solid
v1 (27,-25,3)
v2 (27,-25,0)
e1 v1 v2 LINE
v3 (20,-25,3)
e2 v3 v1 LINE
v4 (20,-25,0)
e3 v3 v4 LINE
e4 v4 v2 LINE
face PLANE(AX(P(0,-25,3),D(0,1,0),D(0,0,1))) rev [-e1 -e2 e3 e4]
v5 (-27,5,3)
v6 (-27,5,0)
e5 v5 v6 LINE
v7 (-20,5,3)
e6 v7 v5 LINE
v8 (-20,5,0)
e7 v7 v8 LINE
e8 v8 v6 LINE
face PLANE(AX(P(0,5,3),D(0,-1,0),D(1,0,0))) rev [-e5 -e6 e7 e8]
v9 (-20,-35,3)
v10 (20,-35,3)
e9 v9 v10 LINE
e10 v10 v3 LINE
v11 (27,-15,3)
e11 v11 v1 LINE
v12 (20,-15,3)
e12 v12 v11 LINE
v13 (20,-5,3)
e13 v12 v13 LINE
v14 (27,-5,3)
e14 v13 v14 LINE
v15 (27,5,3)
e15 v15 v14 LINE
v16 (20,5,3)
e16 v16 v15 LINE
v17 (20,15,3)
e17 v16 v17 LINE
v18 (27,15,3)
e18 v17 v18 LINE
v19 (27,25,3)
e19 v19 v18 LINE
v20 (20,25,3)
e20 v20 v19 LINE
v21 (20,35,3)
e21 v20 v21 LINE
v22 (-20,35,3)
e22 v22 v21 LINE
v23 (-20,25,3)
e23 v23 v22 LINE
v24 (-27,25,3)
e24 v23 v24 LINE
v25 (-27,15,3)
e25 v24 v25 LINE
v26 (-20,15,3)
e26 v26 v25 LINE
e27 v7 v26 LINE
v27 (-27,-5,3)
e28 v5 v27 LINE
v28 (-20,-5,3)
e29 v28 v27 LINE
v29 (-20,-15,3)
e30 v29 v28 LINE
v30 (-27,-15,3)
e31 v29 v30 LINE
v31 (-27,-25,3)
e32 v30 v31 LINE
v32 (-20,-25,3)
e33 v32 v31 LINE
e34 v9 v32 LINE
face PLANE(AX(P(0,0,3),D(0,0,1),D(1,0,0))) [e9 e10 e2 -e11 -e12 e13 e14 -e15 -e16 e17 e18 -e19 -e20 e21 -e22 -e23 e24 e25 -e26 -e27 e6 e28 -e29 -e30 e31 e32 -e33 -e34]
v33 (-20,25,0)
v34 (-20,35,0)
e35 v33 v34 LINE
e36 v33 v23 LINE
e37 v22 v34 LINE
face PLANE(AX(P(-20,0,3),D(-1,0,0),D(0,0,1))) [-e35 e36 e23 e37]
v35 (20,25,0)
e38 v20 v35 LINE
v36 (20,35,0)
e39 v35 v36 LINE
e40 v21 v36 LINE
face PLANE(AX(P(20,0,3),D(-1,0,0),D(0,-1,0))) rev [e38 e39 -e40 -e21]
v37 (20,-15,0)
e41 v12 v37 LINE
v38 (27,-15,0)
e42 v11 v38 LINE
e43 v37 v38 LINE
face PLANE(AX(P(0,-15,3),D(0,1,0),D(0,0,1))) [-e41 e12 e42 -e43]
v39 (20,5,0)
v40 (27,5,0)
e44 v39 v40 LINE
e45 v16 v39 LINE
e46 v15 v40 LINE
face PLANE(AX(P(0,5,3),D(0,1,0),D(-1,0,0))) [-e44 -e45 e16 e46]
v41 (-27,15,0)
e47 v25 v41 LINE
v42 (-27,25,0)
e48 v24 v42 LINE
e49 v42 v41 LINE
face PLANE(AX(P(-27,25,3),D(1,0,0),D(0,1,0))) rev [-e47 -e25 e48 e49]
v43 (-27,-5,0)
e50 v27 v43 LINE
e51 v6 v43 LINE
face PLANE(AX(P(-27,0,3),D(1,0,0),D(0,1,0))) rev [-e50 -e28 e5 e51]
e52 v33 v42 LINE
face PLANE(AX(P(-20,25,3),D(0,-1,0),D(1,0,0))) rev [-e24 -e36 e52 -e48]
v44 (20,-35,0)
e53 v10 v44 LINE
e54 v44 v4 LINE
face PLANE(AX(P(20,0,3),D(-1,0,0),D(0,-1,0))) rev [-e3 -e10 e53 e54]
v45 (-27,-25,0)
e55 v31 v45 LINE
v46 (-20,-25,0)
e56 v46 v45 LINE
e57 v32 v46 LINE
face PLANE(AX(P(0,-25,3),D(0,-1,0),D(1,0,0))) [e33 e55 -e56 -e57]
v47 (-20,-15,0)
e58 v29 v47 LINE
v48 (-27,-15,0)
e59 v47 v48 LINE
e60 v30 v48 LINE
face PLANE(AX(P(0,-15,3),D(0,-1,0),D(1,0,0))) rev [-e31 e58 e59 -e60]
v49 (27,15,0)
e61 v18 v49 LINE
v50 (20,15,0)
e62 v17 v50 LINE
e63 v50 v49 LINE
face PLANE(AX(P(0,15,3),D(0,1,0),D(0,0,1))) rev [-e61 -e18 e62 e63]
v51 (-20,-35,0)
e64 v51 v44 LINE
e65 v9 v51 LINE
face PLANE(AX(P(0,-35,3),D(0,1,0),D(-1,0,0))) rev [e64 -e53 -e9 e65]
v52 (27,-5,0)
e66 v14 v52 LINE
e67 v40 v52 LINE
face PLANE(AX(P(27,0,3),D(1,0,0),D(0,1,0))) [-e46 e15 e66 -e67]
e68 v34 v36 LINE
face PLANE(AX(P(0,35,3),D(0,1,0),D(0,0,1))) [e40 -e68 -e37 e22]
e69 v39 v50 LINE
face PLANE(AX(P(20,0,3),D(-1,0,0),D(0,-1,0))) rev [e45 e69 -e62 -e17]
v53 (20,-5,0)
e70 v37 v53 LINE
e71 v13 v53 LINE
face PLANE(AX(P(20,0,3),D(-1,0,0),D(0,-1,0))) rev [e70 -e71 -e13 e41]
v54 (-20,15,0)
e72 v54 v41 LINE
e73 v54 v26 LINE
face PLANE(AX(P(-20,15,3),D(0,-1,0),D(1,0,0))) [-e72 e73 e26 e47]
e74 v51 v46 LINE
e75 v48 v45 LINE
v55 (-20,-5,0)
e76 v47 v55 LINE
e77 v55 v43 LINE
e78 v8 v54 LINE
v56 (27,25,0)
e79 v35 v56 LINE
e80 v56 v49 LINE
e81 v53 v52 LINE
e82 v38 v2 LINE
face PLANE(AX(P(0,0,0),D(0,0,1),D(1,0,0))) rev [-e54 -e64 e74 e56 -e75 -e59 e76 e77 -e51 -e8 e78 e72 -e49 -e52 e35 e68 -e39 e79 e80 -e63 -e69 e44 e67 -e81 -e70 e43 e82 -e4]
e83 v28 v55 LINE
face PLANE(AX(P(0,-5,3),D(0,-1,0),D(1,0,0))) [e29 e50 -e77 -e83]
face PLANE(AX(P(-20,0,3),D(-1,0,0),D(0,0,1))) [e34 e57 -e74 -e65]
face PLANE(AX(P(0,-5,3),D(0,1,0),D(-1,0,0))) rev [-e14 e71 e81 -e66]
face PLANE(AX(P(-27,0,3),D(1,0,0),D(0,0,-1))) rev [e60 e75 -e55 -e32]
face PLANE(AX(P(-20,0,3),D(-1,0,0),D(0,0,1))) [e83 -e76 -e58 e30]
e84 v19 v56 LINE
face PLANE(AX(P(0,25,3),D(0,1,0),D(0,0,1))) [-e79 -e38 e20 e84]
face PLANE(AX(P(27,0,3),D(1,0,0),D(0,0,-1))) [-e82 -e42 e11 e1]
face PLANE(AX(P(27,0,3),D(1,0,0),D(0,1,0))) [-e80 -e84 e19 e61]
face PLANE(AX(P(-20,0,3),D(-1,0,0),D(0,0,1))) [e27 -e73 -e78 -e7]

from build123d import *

# Parameters (mm, degrees)
ESBO_O1_W                = 7
ESBO_O1_H                = 10
RESSALTO_EXTRUS_O1_DEPTH = 3


with BuildPart() as part:
    # Esboço1 → Ressalto-extrusão1 (new body)
    with BuildSketch(Plane.XY):
        with Locations((-23.5, 0)):
            Rectangle(ESBO_O1_W, ESBO_O1_H)
        with Locations((-23.5, -20)):
            Rectangle(ESBO_O1_W, ESBO_O1_H)
        with Locations((23.5, 20)):
            Rectangle(ESBO_O1_W, ESBO_O1_H)
        with Locations((23.5, 0)):
            Rectangle(ESBO_O1_W, ESBO_O1_H)
        with Locations((23.5, -20)):
            Rectangle(ESBO_O1_W, ESBO_O1_H)
        Polygon((0, -35), (0, 35), (-20, 35), (-20, 25), (-20, 15), (-20, 5), (-20, -5), (-20, -15), (-20, -25), (-20, -35), align=None)
        Polygon((20, 35), (0, 35), (0, -35), (20, -35), (20, -25), (20, -15), (20, -5), (20, 5), (20, 15), (20, 25), align=None)
        with Locations((-23.5, 20)):
            Rectangle(ESBO_O1_W, ESBO_O1_H)
    extrude(amount=RESSALTO_EXTRUS_O1_DEPTH)


solid = part.part
